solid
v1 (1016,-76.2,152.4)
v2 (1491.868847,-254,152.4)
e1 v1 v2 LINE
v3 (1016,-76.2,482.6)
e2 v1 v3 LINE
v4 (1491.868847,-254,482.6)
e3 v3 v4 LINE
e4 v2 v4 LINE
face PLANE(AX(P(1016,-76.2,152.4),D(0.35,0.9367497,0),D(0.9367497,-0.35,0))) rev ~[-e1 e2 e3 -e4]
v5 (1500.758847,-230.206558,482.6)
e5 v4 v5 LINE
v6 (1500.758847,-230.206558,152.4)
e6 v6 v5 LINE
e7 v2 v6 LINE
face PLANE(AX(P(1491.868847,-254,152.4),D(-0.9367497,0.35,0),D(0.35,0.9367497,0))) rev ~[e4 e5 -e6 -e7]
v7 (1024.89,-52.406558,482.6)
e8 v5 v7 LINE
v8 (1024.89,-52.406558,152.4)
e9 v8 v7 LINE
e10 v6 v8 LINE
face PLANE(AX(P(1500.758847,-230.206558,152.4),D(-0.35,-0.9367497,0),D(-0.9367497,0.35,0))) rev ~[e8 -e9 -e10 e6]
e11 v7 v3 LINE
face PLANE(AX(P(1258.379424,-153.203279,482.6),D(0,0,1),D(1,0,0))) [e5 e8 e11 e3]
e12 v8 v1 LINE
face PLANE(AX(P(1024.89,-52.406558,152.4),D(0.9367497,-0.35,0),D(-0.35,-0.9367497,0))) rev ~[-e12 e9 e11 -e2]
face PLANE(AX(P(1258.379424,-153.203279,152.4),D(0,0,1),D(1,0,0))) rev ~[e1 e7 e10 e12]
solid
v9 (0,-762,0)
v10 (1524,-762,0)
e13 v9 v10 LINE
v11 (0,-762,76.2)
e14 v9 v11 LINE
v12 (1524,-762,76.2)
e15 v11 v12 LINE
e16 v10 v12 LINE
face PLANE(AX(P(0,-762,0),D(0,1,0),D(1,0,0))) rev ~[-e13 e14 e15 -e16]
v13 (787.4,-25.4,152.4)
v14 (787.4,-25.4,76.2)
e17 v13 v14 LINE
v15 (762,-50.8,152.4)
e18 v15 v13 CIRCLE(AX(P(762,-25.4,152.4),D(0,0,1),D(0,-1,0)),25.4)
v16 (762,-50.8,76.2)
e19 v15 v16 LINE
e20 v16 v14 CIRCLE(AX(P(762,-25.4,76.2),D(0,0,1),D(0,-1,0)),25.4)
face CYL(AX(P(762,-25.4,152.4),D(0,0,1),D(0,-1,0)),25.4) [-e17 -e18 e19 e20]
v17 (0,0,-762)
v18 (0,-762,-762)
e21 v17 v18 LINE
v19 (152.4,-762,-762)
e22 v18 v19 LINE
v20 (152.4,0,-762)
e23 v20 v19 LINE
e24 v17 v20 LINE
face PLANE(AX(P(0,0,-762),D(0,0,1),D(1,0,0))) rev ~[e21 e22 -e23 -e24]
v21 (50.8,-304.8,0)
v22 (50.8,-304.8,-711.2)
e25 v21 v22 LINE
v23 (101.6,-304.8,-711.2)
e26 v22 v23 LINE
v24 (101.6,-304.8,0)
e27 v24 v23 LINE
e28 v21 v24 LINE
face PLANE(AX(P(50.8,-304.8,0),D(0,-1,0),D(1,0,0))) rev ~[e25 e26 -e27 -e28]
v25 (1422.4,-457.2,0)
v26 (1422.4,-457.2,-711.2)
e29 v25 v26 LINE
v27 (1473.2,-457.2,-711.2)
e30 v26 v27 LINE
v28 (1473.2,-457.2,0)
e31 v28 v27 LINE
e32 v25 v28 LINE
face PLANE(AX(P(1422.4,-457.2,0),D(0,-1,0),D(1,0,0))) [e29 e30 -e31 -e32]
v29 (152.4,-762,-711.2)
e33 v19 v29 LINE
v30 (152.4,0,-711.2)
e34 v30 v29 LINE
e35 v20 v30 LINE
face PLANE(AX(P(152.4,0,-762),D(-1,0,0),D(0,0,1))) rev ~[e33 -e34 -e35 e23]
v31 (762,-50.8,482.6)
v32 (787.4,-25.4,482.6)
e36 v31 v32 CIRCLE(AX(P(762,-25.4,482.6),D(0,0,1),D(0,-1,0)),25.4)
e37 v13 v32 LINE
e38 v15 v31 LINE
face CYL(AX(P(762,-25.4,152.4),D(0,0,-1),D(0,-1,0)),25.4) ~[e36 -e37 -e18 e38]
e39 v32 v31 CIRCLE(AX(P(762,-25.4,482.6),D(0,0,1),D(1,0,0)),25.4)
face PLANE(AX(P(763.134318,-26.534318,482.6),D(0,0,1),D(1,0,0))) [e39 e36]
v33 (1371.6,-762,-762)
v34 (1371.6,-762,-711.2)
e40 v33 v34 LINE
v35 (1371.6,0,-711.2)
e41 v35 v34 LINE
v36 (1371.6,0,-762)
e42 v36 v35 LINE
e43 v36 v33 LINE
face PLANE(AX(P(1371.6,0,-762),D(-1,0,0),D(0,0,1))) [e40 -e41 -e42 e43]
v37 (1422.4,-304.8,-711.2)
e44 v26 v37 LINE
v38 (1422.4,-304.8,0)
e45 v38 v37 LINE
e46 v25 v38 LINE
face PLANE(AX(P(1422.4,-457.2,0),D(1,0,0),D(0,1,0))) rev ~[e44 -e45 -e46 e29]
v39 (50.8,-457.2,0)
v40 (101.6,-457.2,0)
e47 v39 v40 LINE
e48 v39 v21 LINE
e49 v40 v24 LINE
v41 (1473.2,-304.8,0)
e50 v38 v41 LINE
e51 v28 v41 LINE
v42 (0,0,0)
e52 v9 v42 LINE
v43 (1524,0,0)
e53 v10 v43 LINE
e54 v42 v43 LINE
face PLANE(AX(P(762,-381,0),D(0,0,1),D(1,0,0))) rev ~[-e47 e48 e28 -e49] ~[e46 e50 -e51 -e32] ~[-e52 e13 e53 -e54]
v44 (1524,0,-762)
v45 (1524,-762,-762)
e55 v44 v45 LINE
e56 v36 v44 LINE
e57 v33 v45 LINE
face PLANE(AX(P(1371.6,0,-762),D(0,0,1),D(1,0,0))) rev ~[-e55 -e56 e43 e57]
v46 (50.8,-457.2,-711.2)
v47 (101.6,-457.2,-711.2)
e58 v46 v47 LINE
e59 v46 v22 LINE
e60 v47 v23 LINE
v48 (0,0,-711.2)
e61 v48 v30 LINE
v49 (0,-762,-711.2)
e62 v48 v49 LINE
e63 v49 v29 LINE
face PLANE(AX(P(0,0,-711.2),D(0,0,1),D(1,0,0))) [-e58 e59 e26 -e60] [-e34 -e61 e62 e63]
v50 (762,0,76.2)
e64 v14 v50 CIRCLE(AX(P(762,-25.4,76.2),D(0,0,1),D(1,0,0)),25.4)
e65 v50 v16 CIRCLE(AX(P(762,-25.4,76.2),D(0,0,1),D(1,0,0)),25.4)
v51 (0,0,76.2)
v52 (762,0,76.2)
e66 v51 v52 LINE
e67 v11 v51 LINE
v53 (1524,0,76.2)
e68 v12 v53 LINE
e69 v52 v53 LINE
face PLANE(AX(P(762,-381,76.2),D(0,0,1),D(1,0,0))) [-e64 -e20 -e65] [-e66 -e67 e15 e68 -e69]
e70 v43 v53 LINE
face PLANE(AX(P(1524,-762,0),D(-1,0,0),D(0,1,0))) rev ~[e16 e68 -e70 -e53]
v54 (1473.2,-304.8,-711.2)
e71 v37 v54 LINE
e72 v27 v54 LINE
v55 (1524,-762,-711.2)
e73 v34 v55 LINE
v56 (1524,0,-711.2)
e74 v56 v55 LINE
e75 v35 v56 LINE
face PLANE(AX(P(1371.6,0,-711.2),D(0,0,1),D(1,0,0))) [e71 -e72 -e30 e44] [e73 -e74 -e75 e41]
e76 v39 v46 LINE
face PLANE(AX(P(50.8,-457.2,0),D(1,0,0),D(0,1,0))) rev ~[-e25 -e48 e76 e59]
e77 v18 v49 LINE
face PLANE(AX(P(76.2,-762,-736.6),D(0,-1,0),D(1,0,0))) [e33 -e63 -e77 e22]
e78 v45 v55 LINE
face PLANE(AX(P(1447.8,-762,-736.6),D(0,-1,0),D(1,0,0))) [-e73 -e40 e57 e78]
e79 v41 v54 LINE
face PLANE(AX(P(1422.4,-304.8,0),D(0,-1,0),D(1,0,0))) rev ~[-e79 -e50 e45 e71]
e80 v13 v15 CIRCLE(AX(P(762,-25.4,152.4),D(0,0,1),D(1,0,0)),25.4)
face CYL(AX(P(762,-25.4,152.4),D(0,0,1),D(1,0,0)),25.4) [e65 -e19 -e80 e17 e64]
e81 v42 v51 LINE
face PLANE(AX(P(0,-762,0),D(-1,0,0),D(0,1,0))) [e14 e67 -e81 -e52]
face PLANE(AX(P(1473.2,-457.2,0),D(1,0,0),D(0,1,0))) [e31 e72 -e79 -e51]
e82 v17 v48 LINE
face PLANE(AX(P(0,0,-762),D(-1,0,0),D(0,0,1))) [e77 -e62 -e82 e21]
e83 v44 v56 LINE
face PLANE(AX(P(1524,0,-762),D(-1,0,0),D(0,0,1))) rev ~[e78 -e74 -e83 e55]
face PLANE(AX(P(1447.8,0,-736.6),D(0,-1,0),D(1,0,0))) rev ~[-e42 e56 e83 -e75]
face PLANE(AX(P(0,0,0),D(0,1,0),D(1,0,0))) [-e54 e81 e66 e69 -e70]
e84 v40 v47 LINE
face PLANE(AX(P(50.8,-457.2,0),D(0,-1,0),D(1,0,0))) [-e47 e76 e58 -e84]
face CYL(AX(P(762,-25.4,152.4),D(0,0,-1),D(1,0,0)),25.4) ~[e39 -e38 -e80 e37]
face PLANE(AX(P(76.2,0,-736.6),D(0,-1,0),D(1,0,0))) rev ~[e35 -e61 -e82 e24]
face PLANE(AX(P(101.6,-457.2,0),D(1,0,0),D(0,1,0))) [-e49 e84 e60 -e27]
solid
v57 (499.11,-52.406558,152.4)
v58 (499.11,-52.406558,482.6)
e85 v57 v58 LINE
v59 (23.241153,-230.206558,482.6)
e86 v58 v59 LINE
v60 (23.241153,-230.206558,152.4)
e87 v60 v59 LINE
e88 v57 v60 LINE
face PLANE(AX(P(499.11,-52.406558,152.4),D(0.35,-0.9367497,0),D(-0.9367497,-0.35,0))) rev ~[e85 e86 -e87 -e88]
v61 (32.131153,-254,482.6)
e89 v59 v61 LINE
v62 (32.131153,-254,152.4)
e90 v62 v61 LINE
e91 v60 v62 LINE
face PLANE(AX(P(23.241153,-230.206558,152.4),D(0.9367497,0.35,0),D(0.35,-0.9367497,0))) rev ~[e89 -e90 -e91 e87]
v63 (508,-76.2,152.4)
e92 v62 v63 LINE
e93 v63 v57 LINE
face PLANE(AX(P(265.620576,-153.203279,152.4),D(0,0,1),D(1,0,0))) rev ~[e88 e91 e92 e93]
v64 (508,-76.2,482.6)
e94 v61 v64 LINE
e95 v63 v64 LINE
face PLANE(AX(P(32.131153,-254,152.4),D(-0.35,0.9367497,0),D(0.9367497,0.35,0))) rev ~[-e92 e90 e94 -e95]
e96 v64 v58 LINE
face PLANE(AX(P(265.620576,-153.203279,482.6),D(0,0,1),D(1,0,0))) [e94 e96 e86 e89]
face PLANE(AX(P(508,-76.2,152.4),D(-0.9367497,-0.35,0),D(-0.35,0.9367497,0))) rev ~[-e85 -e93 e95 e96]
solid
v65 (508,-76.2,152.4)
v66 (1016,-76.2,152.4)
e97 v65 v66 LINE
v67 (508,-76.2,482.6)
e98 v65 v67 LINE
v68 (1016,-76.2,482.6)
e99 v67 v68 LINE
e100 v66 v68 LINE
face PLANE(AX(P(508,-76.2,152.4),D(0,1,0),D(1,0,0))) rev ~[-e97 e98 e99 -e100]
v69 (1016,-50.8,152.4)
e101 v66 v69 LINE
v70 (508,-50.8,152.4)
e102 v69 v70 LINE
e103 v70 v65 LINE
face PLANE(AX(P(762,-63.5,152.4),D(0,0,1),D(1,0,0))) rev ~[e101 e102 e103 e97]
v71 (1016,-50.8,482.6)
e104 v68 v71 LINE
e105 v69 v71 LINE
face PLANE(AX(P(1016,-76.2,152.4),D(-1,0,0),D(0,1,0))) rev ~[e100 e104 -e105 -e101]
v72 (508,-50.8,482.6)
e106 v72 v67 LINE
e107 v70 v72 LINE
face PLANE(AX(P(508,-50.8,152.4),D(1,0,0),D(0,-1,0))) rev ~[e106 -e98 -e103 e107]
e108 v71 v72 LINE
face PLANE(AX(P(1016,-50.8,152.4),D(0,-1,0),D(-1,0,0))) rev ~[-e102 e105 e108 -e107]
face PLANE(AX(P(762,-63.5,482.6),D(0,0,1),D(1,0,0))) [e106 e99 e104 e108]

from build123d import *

# Parameters (mm, degrees)
F0_W          = 1524
F0_H          = 762
F1_DEPTH      = 76.2
F2_W          = 50.8
F2_H          = 152.4
F3_DEPTH      = 711.2
F4_W          = 152.4
F4_H          = 50.8
F5_DEPTH      = 762
F8_DEPTH      = 76.2
F8_DEPTH_BACK = 330.2
F9_DEPTH      = 330.2


with BuildPart() as f1:
    # F0 (on Top) → F1 (new body)
    with BuildSketch(Plane.XY):
        with Locations((762, -381)):
            Rectangle(F0_W, F0_H)
    extrude(amount=F1_DEPTH)

    # F2 (on Top) → F3 (join)
    with BuildSketch(Plane.XY):
        with Locations((76.2, -381)):
            Rectangle(F2_W, F2_H)
        with Locations((1447.8, -381)):
            Rectangle(F2_W, F2_H)
    extrude(amount=-F3_DEPTH)

    # F4 (on Front) → F5 (join)
    with BuildSketch(Plane.XZ):
        with Locations((1447.8, -736.6)):
            Rectangle(F4_W, F4_H)
        with Locations((76.2, -736.6)):
            Rectangle(F4_W, F4_H)
    extrude(amount=F5_DEPTH)

    # F7 (on offset) → F8 (join, two sides)
    with BuildSketch(Plane.XY.offset(152.4)) as f8_sk:
        with BuildLine():
            ThreePointArc((787.4, -25.4), (744.0394877579, -7.4394877579), (762, -50.8))
            ThreePointArc((762, -50.8), (779.9605122421, -43.3605122421), (787.4, -25.4))
        make_face()
    extrude(amount=-F8_DEPTH)
    extrude(f8_sk.sketch, amount=F8_DEPTH_BACK)


with BuildPart() as f9:
    # F7 (on offset) → F9 (new body)
    with BuildSketch(Plane.XY.offset(152.4)):
        Polygon((499.11, -52.4065576261), (23.241152522, -230.2065576261), (32.131152522, -254), (508, -76.2), align=None)
    extrude(amount=F9_DEPTH)


with BuildPart() as f9b:
    # F7 (on offset) → F9, piece 2 (new body)
    with BuildSketch(Plane.XY.offset(152.4)):
        Polygon((508, -50.8), (508, -76.2), (1016, -76.2), (1016, -50.8), (762, -50.8), align=None)
    extrude(amount=F9_DEPTH)


with BuildPart() as f9c:
    # F7 (on offset) → F9, piece 3 (new body)
    with BuildSketch(Plane.XY.offset(152.4)):
        Polygon((1024.89, -52.4065576261), (1016, -76.2), (1491.868847478, -254), (1500.758847478, -230.2065576261), align=None)
    extrude(amount=F9_DEPTH)


solid = Compound([f1.part, f9.part, f9b.part, f9c.part])
